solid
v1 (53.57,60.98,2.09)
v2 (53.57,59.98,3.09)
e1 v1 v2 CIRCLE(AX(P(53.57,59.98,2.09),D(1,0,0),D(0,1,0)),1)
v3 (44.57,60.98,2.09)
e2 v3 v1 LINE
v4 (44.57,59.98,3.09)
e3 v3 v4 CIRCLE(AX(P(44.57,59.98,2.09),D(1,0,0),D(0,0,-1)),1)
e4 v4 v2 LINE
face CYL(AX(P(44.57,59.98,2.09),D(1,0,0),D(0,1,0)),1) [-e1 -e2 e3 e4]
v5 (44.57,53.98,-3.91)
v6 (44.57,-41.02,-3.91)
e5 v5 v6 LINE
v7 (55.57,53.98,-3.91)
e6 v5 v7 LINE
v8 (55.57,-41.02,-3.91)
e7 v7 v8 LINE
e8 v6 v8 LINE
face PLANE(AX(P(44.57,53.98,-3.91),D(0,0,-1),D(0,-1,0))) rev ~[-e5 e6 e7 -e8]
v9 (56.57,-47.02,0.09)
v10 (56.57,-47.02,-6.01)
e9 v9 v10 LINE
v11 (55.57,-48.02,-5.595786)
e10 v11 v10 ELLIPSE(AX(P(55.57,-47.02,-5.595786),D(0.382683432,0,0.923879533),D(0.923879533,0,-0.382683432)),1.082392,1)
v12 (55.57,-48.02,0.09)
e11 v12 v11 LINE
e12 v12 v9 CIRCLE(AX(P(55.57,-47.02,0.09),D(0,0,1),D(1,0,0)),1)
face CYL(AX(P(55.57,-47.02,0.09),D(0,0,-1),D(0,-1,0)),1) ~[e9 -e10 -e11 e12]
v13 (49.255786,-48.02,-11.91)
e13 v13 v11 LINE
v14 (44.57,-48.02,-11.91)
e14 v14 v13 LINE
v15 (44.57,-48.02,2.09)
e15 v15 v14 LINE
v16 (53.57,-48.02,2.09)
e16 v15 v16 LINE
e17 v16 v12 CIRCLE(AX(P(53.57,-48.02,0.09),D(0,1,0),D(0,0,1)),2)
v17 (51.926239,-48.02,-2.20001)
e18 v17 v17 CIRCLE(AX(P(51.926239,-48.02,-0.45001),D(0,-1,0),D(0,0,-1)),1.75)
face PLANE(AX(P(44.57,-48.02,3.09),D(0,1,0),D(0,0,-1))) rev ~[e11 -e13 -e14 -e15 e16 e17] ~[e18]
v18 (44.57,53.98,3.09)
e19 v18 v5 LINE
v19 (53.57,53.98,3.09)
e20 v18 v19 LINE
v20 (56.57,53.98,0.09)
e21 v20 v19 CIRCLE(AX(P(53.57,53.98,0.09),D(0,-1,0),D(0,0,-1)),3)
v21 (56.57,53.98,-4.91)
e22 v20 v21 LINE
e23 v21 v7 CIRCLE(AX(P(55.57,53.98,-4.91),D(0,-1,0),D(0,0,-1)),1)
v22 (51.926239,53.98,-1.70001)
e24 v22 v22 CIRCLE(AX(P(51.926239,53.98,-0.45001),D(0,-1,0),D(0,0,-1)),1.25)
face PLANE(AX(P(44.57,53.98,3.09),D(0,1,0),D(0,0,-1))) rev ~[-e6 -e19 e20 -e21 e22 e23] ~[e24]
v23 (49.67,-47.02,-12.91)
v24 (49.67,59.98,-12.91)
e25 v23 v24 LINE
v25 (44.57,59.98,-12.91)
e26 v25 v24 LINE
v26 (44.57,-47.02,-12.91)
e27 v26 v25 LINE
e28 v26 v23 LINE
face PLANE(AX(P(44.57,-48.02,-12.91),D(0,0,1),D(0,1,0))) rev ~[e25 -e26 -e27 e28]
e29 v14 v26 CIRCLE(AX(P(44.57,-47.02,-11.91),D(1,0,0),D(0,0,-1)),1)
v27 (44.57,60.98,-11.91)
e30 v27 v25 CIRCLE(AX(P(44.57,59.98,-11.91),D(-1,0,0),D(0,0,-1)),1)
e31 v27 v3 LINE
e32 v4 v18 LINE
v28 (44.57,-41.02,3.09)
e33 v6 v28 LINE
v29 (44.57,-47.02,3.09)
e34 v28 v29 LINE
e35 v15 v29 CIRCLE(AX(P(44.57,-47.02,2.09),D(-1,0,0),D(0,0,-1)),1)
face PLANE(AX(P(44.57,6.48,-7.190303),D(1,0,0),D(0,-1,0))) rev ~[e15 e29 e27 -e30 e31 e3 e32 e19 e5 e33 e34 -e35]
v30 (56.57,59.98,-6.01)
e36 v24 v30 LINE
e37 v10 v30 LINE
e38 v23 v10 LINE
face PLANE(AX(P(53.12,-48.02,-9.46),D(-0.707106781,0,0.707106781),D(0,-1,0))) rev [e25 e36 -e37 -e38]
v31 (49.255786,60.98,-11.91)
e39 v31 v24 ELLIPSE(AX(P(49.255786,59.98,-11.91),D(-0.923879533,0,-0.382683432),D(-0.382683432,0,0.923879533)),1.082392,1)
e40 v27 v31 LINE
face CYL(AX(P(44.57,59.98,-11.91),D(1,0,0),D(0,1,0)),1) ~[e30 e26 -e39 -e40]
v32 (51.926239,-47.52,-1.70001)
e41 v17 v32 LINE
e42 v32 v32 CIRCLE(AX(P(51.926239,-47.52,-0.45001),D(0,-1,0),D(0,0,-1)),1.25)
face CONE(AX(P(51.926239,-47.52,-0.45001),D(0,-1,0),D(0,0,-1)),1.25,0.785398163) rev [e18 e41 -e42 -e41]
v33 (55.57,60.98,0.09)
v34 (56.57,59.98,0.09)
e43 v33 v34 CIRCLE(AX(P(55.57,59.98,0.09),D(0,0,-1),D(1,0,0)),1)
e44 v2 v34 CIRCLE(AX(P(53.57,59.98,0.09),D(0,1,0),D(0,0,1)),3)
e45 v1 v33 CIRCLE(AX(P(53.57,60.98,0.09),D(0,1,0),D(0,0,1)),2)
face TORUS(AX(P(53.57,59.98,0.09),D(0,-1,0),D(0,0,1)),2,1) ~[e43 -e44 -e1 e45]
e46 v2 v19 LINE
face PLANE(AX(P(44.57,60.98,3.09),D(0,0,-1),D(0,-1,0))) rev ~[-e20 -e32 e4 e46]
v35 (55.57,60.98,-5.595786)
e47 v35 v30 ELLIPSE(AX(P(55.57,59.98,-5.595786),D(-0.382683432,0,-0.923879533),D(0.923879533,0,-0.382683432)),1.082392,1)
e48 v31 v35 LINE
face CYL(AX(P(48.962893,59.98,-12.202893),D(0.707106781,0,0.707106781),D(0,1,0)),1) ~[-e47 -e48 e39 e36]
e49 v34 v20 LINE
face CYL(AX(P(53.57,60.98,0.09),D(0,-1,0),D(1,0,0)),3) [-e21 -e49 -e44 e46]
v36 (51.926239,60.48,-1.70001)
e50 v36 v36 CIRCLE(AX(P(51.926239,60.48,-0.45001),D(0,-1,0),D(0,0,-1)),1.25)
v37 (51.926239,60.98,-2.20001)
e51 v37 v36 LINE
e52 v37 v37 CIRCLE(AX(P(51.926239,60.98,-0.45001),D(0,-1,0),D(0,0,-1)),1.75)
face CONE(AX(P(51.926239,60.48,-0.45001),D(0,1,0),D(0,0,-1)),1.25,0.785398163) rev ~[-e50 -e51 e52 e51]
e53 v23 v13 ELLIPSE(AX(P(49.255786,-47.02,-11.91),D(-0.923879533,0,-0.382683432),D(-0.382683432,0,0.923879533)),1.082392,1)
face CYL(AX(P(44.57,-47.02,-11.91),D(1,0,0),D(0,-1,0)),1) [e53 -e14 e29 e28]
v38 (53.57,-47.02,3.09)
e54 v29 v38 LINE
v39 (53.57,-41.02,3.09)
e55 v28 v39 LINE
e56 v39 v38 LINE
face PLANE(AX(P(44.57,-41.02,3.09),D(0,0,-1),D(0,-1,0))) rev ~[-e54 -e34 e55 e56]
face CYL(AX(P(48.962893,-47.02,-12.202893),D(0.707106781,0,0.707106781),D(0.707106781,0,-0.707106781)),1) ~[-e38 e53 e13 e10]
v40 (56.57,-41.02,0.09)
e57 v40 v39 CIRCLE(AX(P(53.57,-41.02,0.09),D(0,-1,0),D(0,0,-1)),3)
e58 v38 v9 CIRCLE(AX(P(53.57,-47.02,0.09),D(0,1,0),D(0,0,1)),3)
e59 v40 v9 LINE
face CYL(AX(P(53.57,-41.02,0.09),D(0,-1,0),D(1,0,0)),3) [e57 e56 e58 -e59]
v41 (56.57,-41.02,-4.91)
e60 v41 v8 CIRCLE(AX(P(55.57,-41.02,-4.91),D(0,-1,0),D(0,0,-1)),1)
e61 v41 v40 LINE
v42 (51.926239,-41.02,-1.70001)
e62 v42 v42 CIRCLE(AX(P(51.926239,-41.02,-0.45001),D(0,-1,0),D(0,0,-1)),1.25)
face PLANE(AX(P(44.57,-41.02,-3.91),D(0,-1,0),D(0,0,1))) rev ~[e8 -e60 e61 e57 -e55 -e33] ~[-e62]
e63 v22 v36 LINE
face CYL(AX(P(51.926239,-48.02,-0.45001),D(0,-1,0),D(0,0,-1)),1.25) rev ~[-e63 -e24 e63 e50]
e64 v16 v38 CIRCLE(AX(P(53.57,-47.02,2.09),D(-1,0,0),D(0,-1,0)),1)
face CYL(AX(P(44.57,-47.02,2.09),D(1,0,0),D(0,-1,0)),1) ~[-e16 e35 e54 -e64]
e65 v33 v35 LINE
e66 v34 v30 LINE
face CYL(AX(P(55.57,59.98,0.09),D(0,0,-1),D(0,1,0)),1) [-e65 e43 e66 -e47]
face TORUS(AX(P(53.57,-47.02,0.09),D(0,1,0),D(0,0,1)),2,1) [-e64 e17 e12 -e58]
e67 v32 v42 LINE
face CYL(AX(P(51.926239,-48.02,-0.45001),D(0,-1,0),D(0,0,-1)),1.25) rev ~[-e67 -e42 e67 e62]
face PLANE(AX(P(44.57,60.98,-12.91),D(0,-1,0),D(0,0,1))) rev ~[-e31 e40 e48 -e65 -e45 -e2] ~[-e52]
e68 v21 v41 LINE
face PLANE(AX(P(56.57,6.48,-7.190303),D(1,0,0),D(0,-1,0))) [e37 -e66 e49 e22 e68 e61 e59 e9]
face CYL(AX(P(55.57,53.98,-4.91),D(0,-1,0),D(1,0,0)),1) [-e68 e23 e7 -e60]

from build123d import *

# Parameters (mm, degrees)
PAD013_DEPTH            = 12
CHAMFER013_SIZE         = 6.9
FILLET028_R             = 1
FILLET027_R             = 3
FILLET029_R             = 1
SKETCH052_R             = 1.25
POCKET020_DEPTH         = 109.001
CHAMFER014_SIZE         = 0.5
FILLET031_R             = 1
BODY012_PLACEMENT_ANGLE = 180


with BuildPart() as part:
    # Sketch051 → Pad013 (new body)
    with BuildSketch(Plane.YZ.offset(37)):
        Polygon((-48, 6), (-41, 6), (-41, 13), (54, 13), (54, 6), (61, 6), (61, 22), (-48, 22), align=None)
    extrude(amount=PAD013_DEPTH)

    # Chamfer013
    chamfer013_edges = [part.edges().sort_by_distance(p)[0] for p in [
        (49, 6.5, 22),
    ]]
    chamfer(chamfer013_edges, length=CHAMFER013_SIZE)

    # Fillet028
    fillet028_edges = [part.edges().sort_by_distance(p)[0] for p in [
        (49, 6.5, 13),
    ]]
    fillet(fillet028_edges, radius=FILLET028_R)

    # Fillet027
    fillet027_edges = [part.edges().sort_by_distance(p)[0] for p in [
        (49, 57.5, 6),
        (49, -44.5, 6),
    ]]
    fillet(fillet027_edges, radius=FILLET027_R)

    # Fillet029
    fillet029_edges = [part.edges().sort_by_distance(p)[0] for p in [
        (41.5, 61, 6),
        (48.12132, 61, 6.87868),
        (49, 61, 12.05),
        (45.55, 61, 18.55),
        (39.55, 61, 22),
    ]]
    fillet(fillet029_edges, radius=FILLET029_R)

    # Sketch052 (on Face12 of Fillet029) → Pocket020 (cut, through all)
    with BuildSketch(Plane.ZX.offset(61)):
        with Locations((9.54001, 44.356239)):
            Circle(SKETCH052_R)
    extrude(amount=-POCKET020_DEPTH, mode=Mode.SUBTRACT)

    # Chamfer014
    chamfer014_edges = [part.edges().sort_by_distance(p)[0] for p in [
        (44.356239, 61, 8.29001),
        (44.356239, -48, 8.29001),
    ]]
    chamfer(chamfer014_edges, length=CHAMFER014_SIZE)

    # Fillet031
    fillet031_edges = [part.edges().sort_by_distance(p)[0] for p in [
        (41.5, -48, 6),
        (48.12132, -48, 6.87868),
        (49, -48, 12.05),
        (45.55, -48, 18.55),
        (39.55, -48, 22),
    ]]
    fillet(fillet031_edges, radius=FILLET031_R)


with BuildPart() as part_1:
    # Body012 placement: moved
    add(part.part.moved(Location((7.57, 12.98, 9.09))).rotate(Axis((7.57, 12.98, 9.09), (1, 0, 0)), BODY012_PLACEMENT_ANGLE))


solid = part_1.part
